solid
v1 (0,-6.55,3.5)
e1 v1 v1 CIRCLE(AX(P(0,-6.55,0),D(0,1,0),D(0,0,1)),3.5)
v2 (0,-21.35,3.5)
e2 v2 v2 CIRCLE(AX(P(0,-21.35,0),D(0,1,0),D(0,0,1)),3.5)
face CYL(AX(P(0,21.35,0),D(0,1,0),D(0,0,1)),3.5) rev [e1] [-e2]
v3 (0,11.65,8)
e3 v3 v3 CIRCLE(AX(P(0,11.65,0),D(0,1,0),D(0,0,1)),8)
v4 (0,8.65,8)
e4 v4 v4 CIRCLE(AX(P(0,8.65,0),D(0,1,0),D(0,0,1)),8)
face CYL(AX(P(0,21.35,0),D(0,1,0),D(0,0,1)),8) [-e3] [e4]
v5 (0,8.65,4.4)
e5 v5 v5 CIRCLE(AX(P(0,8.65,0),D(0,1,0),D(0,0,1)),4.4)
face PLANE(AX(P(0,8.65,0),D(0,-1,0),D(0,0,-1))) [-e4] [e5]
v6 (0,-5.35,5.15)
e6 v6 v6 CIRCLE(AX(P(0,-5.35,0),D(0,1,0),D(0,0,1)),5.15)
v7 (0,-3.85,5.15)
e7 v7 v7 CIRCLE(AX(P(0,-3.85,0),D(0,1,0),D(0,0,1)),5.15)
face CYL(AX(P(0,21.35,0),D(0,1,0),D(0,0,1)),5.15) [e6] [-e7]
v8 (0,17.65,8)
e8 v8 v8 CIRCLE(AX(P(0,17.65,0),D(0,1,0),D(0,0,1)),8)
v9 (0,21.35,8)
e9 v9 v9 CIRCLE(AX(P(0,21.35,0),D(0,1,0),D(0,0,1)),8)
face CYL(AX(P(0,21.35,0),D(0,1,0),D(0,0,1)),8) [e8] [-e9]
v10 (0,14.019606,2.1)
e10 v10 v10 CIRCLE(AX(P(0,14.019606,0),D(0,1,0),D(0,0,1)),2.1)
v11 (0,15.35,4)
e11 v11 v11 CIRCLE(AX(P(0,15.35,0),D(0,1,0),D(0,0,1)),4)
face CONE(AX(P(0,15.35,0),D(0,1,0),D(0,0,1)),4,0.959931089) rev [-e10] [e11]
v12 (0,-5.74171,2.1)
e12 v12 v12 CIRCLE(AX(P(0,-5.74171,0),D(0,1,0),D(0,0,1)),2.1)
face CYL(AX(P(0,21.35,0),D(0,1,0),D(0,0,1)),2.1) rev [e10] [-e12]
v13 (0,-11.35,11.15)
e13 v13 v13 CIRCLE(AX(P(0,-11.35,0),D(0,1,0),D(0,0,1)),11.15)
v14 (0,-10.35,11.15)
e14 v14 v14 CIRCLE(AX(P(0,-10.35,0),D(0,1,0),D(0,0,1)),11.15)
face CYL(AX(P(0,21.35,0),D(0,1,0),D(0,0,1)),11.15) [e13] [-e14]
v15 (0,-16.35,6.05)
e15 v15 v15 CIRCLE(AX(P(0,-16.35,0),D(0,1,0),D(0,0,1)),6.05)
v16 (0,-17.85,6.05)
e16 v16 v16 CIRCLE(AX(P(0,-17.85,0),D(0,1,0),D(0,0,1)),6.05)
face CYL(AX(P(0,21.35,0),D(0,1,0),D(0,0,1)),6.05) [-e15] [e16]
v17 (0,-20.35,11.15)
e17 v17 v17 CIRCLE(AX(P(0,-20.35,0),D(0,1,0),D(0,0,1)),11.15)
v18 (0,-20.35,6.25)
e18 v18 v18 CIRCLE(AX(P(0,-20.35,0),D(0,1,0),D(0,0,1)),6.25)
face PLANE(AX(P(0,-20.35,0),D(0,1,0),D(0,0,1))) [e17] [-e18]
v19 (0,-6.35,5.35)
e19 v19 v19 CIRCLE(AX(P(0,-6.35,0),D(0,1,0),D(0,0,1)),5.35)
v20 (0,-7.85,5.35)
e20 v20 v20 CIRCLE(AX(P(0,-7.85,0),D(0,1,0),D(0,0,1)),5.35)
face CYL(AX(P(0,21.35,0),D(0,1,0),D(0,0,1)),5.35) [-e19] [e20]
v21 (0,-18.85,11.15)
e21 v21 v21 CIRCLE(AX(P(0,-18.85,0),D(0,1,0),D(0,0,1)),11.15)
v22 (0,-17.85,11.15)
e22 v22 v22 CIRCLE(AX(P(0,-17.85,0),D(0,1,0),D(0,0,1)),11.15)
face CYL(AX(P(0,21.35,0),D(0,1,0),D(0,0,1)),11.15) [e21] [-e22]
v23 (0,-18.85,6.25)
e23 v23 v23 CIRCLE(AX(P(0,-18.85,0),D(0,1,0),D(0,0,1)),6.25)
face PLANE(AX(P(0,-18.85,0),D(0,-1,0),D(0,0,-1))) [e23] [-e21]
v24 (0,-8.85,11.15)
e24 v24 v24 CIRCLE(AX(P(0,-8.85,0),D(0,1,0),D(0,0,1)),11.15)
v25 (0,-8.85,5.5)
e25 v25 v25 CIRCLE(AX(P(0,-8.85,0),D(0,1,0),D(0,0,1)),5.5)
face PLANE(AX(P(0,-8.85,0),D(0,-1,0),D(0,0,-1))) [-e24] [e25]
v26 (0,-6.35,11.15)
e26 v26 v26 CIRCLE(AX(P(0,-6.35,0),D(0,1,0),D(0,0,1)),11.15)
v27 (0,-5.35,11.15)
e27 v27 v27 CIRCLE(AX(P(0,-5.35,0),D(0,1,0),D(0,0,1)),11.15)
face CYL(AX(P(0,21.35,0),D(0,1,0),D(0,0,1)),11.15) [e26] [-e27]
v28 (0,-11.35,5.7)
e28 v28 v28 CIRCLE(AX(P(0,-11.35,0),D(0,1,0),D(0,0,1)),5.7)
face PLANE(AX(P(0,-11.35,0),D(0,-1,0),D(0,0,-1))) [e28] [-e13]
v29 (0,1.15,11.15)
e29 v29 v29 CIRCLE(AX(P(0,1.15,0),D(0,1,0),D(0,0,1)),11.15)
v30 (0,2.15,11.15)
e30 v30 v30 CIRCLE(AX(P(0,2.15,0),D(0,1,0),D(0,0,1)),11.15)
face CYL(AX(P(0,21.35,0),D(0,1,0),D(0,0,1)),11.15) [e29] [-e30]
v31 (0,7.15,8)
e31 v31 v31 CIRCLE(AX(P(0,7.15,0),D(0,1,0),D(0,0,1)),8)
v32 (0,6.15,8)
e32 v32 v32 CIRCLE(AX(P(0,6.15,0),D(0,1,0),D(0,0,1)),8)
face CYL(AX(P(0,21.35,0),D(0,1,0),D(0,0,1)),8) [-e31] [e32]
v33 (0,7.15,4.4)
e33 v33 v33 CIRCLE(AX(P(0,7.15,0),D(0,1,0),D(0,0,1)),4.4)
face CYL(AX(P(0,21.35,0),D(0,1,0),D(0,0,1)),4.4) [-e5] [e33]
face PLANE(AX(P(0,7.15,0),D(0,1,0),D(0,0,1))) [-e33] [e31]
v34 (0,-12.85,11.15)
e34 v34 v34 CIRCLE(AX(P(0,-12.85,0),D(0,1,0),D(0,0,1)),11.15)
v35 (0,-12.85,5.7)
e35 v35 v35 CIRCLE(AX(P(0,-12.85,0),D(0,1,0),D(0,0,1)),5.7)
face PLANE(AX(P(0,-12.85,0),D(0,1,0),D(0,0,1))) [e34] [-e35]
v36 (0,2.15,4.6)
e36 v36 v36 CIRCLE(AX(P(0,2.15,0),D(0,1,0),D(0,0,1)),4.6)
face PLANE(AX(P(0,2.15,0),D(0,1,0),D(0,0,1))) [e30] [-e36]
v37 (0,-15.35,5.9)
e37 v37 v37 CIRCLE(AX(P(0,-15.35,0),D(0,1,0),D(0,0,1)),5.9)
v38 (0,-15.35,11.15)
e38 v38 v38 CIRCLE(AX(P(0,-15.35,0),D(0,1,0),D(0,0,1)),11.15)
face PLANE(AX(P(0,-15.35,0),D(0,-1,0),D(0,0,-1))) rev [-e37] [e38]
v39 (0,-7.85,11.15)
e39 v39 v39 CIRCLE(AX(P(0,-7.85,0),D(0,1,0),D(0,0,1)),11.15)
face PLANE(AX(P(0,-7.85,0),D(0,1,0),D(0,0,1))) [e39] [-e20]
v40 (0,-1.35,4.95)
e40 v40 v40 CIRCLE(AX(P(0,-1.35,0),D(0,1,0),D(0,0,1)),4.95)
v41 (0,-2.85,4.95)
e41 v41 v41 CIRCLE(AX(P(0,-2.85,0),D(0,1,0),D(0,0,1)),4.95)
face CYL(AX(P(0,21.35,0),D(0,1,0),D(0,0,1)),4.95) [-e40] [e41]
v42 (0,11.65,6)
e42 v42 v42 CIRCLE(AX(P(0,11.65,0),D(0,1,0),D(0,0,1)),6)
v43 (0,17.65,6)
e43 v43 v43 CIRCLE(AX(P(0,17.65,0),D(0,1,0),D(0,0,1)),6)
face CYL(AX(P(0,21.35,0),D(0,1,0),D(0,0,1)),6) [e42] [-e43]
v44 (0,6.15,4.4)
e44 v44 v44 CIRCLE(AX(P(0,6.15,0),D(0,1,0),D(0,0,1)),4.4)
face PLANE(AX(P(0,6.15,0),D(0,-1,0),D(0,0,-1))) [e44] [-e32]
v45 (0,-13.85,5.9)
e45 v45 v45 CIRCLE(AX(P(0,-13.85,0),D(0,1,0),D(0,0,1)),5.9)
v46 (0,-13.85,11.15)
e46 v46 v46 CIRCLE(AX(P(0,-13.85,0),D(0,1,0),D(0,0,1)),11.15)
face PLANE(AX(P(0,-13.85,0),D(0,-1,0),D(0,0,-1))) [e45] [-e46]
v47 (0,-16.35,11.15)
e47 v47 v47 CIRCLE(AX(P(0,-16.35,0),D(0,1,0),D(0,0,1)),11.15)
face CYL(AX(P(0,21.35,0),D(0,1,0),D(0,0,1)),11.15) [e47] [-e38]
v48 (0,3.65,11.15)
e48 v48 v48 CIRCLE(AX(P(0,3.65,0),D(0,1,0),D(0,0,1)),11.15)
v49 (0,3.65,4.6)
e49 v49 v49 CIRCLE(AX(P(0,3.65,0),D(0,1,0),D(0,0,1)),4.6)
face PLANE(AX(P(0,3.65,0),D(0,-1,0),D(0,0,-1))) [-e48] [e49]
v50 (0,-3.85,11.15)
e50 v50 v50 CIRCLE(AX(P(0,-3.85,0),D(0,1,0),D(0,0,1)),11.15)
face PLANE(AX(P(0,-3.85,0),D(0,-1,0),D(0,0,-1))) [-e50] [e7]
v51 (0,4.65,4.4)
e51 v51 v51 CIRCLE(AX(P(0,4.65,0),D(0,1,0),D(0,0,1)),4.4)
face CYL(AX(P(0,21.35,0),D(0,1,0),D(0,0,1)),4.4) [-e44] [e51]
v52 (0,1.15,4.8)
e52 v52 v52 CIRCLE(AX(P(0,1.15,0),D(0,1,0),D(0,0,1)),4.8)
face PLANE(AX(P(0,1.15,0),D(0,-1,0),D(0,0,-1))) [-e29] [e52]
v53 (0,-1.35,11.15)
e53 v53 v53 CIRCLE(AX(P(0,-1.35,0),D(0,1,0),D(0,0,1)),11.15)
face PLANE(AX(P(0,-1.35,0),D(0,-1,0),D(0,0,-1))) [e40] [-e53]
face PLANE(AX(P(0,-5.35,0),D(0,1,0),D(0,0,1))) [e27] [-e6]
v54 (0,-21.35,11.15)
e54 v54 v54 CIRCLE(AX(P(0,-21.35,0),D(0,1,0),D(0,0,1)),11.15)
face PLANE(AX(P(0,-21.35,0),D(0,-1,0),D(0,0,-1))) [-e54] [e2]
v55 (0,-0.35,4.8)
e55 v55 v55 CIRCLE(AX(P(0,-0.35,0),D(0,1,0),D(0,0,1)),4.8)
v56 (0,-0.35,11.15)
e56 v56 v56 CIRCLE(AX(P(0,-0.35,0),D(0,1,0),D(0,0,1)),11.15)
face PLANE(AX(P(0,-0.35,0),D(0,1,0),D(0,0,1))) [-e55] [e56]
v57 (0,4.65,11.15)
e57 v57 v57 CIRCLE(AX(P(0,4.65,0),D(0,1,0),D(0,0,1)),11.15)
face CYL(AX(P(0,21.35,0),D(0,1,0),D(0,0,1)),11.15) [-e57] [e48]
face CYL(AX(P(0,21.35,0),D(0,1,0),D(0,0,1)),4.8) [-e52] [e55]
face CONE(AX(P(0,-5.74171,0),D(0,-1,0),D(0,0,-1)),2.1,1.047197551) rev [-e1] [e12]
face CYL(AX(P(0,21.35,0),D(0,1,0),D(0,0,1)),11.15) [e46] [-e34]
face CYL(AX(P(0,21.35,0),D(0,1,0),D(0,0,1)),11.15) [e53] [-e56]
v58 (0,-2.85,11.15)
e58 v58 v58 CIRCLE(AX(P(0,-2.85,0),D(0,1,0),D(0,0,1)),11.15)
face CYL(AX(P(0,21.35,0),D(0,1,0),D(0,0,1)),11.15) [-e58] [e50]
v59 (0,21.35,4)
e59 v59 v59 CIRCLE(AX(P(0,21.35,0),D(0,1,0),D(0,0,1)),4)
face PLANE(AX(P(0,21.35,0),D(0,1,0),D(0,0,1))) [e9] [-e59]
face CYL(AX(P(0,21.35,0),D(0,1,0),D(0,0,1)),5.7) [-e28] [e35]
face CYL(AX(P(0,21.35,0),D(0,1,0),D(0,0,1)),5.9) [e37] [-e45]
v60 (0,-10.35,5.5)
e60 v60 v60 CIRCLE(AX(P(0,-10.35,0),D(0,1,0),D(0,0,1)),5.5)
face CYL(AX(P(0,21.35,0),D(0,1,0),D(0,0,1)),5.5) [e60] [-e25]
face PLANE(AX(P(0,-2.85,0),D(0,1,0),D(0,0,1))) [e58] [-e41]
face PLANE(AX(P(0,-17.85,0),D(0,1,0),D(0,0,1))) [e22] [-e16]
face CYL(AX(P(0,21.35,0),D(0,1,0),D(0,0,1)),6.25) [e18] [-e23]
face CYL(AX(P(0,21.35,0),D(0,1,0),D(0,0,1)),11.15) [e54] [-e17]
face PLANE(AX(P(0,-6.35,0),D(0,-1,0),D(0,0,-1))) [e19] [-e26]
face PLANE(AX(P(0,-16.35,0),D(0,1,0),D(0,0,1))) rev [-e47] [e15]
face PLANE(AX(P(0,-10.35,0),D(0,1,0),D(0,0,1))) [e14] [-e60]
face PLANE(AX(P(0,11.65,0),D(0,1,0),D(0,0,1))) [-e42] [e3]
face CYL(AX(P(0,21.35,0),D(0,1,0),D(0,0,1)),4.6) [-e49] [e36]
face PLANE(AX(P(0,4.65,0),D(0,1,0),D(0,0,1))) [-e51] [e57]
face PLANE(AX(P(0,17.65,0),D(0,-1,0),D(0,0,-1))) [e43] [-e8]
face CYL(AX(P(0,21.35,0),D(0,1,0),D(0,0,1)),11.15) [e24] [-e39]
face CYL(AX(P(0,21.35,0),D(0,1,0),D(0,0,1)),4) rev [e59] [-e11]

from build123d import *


with BuildPart() as part:
    # Sketch1 → Revolve1 (revolve)
    with BuildSketch(Plane.XY):
        Polygon((4, 21.35), (8, 21.35), (8, 17.65), (6, 17.65), (6, 11.65), (8, 11.65), (8, 8.65), (4.4, 8.65), (4.4, 7.15), (8, 7.15), (8, 6.15), (4.4, 6.15), (4.4, 4.65), (11.15, 4.65), (11.15, 3.65), (4.6, 3.65), (4.6, 2.15), (11.15, 2.15), (11.15, 1.15), (4.8, 1.15), (4.8, -0.35), (11.15, -0.35), (11.15, -1.35), (4.95, -1.35), (4.95, -2.85), (11.15, -2.85), (11.15, -3.85), (5.15, -3.85), (5.15, -5.35), (11.15, -5.35), (11.15, -6.35), (5.35, -6.35), (5.35, -7.85), (11.15, -7.85), (11.15, -8.85), (5.5, -8.85), (5.5, -10.35), (11.15, -10.35), (11.15, -11.35), (5.7, -11.35), (5.7, -12.85), (11.15, -12.85), (11.15, -13.85), (5.9, -13.85), (5.9, -15.35), (11.15, -15.35), (11.15, -16.35), (6.05, -16.35), (6.05, -17.85), (11.15, -17.85), (11.15, -18.85), (6.25, -18.85), (6.25, -20.35), (11.15, -20.35), (11.15, -21.35), (3.5, -21.35), (3.5, -6.55), (2.1, -5.741709623), (2.1, 14.019605677), (4, 15.35), align=None)
    revolve(axis=Axis((0, 21.35, 0), (0, -1, 0)))


solid = part.part
